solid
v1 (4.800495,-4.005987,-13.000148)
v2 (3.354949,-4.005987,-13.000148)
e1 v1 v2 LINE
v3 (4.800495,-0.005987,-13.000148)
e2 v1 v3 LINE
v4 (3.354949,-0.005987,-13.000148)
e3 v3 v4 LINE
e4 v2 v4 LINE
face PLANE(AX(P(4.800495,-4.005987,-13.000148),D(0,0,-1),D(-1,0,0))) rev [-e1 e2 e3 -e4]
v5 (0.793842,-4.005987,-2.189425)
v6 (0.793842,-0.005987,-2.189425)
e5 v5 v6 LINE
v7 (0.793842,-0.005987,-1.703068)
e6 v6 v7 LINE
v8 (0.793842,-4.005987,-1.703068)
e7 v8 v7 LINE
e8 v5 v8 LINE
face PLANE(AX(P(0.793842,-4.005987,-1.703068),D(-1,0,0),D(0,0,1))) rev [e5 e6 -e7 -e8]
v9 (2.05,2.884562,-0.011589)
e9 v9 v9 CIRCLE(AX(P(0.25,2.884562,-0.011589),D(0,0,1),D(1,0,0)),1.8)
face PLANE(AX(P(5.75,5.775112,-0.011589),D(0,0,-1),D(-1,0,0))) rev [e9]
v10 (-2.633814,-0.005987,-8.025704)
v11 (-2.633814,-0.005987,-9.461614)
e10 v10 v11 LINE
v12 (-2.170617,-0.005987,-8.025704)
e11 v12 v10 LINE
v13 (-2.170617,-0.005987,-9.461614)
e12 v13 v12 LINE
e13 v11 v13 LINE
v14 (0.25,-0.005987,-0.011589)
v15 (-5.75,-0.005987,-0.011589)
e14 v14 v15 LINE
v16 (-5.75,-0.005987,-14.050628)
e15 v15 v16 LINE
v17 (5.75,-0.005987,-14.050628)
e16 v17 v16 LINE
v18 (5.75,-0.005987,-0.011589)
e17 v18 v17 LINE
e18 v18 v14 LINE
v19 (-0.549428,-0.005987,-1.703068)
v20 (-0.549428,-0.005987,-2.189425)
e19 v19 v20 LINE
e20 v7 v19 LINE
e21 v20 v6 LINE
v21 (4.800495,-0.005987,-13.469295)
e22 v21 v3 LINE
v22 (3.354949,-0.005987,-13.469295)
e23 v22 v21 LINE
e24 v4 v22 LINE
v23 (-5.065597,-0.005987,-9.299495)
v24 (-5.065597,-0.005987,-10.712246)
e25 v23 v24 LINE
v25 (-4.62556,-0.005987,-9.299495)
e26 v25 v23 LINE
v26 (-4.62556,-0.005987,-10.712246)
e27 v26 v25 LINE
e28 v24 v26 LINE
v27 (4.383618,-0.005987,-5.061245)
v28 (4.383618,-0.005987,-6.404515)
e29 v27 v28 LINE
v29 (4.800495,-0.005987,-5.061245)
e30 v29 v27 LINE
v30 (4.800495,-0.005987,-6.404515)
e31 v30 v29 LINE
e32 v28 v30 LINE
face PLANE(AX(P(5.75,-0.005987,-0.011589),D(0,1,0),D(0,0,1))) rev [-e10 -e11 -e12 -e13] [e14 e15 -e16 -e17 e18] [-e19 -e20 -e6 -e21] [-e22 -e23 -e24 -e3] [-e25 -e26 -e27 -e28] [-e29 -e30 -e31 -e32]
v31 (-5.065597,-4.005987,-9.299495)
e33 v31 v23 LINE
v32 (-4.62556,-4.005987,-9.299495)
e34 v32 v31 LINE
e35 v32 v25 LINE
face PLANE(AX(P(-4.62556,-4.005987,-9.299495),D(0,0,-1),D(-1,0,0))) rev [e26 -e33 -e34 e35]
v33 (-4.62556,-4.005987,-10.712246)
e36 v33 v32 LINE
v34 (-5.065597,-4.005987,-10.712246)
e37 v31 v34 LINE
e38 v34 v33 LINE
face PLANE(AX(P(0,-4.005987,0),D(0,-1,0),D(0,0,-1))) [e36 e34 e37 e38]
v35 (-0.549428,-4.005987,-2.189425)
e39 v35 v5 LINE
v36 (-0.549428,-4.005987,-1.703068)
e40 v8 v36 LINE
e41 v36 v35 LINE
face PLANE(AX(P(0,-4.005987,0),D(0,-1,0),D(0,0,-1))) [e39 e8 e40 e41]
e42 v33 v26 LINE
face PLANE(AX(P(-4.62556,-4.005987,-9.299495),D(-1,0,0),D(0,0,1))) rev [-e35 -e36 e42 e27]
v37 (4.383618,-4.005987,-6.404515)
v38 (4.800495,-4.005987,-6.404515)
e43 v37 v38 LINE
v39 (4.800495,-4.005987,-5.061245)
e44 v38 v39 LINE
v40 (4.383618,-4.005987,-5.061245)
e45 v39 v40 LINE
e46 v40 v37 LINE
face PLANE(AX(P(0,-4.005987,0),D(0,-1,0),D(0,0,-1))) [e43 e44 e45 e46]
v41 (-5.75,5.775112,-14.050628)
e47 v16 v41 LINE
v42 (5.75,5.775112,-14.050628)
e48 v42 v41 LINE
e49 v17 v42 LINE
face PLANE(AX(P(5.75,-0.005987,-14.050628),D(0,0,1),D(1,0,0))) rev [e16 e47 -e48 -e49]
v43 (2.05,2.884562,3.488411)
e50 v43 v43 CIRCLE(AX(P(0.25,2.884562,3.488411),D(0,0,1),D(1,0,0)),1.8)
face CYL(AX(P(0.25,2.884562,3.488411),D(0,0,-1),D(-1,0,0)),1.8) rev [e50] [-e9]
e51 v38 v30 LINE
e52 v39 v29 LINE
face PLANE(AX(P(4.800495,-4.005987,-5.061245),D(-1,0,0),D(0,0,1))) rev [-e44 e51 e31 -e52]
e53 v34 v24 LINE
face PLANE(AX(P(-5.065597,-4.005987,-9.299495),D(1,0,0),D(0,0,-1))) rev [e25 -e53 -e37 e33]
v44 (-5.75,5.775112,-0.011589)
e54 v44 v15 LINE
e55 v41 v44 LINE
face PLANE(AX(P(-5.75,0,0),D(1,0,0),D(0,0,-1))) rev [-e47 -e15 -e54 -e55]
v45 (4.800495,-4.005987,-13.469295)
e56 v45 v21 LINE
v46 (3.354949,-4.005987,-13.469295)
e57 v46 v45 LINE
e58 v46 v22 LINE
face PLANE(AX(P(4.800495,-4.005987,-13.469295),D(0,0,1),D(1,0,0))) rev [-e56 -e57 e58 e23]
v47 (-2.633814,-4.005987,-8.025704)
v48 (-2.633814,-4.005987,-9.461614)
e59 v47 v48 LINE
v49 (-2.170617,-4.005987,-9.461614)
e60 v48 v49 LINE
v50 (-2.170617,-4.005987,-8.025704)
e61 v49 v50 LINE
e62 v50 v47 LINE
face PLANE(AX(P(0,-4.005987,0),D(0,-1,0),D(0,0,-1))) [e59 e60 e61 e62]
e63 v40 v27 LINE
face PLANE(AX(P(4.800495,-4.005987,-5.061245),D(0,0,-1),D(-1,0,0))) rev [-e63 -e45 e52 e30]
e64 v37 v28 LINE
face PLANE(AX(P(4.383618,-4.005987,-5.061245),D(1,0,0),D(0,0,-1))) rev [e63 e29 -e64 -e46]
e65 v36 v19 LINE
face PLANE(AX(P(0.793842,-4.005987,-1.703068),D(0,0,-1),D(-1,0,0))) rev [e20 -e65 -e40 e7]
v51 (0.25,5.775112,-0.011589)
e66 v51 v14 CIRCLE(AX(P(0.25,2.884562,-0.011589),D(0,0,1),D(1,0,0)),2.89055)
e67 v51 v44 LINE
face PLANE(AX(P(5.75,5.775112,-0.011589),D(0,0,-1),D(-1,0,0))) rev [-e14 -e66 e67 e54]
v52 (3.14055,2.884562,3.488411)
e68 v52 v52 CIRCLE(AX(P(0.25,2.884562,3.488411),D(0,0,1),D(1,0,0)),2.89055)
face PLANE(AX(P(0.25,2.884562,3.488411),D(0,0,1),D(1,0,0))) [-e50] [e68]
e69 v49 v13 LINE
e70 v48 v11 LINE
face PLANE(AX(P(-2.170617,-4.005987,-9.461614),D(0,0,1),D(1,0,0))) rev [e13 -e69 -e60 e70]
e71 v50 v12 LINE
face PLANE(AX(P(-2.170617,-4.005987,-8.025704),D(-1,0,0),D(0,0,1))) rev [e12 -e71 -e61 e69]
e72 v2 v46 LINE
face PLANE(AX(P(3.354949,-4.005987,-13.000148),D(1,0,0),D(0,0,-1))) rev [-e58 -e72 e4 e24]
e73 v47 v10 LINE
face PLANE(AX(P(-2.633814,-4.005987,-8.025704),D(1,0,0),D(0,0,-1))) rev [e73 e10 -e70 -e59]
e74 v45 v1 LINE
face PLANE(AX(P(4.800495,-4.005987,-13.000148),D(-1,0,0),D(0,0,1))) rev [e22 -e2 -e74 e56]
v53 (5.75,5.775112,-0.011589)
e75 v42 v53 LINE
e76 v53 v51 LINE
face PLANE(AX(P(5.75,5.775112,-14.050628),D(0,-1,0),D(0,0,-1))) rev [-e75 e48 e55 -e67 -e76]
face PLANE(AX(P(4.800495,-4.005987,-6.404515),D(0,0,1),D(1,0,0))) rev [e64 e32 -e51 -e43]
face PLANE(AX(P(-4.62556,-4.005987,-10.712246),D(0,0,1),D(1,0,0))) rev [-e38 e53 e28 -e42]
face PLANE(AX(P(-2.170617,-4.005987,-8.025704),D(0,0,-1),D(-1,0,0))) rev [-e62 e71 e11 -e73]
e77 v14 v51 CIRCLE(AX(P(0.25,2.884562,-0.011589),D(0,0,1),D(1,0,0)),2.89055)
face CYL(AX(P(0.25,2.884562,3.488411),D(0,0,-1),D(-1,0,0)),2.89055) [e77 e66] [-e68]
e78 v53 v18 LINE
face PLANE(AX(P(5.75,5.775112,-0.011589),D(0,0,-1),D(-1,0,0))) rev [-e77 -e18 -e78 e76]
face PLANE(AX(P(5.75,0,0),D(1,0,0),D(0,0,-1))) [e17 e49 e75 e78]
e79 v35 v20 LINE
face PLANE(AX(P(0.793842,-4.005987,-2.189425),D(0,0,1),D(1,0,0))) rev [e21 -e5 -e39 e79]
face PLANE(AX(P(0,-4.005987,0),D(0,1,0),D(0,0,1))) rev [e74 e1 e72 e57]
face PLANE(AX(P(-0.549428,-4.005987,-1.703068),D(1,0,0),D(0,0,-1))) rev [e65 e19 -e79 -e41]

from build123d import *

# Parameters (mm, degrees)
SKETCH_1_W      = 14.039038814
SKETCH_1_H      = 5.781099621
EXTRUDE_1_DEPTH = 5.75
SKETCH_2_R      = 2.89054981
SKETCH_2_R_2    = 1.8
EXTRUDE_2_DEPTH = 3.5
SKETCH_3_W      = 1.445545422
SKETCH_3_H      = 0.46914779
SKETCH_3_W_2    = 0.440036949
SKETCH_3_H_2    = 1.412750204
SKETCH_3_W_3    = 0.463196789
SKETCH_3_H_3    = 1.435910044
SKETCH_3_W_4    = 0.41687711
SKETCH_3_H_4    = 1.343270685
SKETCH_3_W_5    = 1.343270686
SKETCH_3_H_5    = 0.486356628
EXTRUDE_3_DEPTH = 4


with BuildPart() as part:
    # Эскиз1 → Бобышка-Вытянуть1 (new, symmetric)
    with BuildSketch(Plane(origin=(0, 0, 0), x_dir=(0, 0, -1), z_dir=(1, 0, 0))):
        with Locations((7.031108734, 2.884562427)):
            Rectangle(SKETCH_1_W, SKETCH_1_H)
    extrude(amount=EXTRUDE_1_DEPTH, both=True)

    # Эскиз2 → Бобышка-Вытянуть2 (add)
    with BuildSketch(Plane.XY.offset(-0.011589327)):
        with Locations(Location((0.25, 2.884562426, 0), (0, 0, 270))):
            Circle(SKETCH_2_R)
        with Locations((0.25, 2.884562426)):
            Circle(SKETCH_2_R_2, mode=Mode.SUBTRACT)
    extrude(amount=EXTRUDE_2_DEPTH)

    # Эскиз3 → Бобышка-Вытянуть3 (add)
    with BuildSketch(Plane.XZ.offset(0.005987384)):
        with Locations((4.077721902, -13.234721413)):
            Rectangle(SKETCH_3_W, SKETCH_3_H)
        with Locations((-4.845578503, -10.005870434)):
            Rectangle(SKETCH_3_W_2, SKETCH_3_H_2)
        with Locations((-2.402215445, -8.743659186)):
            Rectangle(SKETCH_3_W_3, SKETCH_3_H_3)
        with Locations((4.592056058, -5.732880063)):
            Rectangle(SKETCH_3_W_4, SKETCH_3_H_4)
        with Locations((0.122207051, -1.946246319)):
            Rectangle(SKETCH_3_W_5, SKETCH_3_H_5)
    extrude(amount=EXTRUDE_3_DEPTH)


solid = part.part
